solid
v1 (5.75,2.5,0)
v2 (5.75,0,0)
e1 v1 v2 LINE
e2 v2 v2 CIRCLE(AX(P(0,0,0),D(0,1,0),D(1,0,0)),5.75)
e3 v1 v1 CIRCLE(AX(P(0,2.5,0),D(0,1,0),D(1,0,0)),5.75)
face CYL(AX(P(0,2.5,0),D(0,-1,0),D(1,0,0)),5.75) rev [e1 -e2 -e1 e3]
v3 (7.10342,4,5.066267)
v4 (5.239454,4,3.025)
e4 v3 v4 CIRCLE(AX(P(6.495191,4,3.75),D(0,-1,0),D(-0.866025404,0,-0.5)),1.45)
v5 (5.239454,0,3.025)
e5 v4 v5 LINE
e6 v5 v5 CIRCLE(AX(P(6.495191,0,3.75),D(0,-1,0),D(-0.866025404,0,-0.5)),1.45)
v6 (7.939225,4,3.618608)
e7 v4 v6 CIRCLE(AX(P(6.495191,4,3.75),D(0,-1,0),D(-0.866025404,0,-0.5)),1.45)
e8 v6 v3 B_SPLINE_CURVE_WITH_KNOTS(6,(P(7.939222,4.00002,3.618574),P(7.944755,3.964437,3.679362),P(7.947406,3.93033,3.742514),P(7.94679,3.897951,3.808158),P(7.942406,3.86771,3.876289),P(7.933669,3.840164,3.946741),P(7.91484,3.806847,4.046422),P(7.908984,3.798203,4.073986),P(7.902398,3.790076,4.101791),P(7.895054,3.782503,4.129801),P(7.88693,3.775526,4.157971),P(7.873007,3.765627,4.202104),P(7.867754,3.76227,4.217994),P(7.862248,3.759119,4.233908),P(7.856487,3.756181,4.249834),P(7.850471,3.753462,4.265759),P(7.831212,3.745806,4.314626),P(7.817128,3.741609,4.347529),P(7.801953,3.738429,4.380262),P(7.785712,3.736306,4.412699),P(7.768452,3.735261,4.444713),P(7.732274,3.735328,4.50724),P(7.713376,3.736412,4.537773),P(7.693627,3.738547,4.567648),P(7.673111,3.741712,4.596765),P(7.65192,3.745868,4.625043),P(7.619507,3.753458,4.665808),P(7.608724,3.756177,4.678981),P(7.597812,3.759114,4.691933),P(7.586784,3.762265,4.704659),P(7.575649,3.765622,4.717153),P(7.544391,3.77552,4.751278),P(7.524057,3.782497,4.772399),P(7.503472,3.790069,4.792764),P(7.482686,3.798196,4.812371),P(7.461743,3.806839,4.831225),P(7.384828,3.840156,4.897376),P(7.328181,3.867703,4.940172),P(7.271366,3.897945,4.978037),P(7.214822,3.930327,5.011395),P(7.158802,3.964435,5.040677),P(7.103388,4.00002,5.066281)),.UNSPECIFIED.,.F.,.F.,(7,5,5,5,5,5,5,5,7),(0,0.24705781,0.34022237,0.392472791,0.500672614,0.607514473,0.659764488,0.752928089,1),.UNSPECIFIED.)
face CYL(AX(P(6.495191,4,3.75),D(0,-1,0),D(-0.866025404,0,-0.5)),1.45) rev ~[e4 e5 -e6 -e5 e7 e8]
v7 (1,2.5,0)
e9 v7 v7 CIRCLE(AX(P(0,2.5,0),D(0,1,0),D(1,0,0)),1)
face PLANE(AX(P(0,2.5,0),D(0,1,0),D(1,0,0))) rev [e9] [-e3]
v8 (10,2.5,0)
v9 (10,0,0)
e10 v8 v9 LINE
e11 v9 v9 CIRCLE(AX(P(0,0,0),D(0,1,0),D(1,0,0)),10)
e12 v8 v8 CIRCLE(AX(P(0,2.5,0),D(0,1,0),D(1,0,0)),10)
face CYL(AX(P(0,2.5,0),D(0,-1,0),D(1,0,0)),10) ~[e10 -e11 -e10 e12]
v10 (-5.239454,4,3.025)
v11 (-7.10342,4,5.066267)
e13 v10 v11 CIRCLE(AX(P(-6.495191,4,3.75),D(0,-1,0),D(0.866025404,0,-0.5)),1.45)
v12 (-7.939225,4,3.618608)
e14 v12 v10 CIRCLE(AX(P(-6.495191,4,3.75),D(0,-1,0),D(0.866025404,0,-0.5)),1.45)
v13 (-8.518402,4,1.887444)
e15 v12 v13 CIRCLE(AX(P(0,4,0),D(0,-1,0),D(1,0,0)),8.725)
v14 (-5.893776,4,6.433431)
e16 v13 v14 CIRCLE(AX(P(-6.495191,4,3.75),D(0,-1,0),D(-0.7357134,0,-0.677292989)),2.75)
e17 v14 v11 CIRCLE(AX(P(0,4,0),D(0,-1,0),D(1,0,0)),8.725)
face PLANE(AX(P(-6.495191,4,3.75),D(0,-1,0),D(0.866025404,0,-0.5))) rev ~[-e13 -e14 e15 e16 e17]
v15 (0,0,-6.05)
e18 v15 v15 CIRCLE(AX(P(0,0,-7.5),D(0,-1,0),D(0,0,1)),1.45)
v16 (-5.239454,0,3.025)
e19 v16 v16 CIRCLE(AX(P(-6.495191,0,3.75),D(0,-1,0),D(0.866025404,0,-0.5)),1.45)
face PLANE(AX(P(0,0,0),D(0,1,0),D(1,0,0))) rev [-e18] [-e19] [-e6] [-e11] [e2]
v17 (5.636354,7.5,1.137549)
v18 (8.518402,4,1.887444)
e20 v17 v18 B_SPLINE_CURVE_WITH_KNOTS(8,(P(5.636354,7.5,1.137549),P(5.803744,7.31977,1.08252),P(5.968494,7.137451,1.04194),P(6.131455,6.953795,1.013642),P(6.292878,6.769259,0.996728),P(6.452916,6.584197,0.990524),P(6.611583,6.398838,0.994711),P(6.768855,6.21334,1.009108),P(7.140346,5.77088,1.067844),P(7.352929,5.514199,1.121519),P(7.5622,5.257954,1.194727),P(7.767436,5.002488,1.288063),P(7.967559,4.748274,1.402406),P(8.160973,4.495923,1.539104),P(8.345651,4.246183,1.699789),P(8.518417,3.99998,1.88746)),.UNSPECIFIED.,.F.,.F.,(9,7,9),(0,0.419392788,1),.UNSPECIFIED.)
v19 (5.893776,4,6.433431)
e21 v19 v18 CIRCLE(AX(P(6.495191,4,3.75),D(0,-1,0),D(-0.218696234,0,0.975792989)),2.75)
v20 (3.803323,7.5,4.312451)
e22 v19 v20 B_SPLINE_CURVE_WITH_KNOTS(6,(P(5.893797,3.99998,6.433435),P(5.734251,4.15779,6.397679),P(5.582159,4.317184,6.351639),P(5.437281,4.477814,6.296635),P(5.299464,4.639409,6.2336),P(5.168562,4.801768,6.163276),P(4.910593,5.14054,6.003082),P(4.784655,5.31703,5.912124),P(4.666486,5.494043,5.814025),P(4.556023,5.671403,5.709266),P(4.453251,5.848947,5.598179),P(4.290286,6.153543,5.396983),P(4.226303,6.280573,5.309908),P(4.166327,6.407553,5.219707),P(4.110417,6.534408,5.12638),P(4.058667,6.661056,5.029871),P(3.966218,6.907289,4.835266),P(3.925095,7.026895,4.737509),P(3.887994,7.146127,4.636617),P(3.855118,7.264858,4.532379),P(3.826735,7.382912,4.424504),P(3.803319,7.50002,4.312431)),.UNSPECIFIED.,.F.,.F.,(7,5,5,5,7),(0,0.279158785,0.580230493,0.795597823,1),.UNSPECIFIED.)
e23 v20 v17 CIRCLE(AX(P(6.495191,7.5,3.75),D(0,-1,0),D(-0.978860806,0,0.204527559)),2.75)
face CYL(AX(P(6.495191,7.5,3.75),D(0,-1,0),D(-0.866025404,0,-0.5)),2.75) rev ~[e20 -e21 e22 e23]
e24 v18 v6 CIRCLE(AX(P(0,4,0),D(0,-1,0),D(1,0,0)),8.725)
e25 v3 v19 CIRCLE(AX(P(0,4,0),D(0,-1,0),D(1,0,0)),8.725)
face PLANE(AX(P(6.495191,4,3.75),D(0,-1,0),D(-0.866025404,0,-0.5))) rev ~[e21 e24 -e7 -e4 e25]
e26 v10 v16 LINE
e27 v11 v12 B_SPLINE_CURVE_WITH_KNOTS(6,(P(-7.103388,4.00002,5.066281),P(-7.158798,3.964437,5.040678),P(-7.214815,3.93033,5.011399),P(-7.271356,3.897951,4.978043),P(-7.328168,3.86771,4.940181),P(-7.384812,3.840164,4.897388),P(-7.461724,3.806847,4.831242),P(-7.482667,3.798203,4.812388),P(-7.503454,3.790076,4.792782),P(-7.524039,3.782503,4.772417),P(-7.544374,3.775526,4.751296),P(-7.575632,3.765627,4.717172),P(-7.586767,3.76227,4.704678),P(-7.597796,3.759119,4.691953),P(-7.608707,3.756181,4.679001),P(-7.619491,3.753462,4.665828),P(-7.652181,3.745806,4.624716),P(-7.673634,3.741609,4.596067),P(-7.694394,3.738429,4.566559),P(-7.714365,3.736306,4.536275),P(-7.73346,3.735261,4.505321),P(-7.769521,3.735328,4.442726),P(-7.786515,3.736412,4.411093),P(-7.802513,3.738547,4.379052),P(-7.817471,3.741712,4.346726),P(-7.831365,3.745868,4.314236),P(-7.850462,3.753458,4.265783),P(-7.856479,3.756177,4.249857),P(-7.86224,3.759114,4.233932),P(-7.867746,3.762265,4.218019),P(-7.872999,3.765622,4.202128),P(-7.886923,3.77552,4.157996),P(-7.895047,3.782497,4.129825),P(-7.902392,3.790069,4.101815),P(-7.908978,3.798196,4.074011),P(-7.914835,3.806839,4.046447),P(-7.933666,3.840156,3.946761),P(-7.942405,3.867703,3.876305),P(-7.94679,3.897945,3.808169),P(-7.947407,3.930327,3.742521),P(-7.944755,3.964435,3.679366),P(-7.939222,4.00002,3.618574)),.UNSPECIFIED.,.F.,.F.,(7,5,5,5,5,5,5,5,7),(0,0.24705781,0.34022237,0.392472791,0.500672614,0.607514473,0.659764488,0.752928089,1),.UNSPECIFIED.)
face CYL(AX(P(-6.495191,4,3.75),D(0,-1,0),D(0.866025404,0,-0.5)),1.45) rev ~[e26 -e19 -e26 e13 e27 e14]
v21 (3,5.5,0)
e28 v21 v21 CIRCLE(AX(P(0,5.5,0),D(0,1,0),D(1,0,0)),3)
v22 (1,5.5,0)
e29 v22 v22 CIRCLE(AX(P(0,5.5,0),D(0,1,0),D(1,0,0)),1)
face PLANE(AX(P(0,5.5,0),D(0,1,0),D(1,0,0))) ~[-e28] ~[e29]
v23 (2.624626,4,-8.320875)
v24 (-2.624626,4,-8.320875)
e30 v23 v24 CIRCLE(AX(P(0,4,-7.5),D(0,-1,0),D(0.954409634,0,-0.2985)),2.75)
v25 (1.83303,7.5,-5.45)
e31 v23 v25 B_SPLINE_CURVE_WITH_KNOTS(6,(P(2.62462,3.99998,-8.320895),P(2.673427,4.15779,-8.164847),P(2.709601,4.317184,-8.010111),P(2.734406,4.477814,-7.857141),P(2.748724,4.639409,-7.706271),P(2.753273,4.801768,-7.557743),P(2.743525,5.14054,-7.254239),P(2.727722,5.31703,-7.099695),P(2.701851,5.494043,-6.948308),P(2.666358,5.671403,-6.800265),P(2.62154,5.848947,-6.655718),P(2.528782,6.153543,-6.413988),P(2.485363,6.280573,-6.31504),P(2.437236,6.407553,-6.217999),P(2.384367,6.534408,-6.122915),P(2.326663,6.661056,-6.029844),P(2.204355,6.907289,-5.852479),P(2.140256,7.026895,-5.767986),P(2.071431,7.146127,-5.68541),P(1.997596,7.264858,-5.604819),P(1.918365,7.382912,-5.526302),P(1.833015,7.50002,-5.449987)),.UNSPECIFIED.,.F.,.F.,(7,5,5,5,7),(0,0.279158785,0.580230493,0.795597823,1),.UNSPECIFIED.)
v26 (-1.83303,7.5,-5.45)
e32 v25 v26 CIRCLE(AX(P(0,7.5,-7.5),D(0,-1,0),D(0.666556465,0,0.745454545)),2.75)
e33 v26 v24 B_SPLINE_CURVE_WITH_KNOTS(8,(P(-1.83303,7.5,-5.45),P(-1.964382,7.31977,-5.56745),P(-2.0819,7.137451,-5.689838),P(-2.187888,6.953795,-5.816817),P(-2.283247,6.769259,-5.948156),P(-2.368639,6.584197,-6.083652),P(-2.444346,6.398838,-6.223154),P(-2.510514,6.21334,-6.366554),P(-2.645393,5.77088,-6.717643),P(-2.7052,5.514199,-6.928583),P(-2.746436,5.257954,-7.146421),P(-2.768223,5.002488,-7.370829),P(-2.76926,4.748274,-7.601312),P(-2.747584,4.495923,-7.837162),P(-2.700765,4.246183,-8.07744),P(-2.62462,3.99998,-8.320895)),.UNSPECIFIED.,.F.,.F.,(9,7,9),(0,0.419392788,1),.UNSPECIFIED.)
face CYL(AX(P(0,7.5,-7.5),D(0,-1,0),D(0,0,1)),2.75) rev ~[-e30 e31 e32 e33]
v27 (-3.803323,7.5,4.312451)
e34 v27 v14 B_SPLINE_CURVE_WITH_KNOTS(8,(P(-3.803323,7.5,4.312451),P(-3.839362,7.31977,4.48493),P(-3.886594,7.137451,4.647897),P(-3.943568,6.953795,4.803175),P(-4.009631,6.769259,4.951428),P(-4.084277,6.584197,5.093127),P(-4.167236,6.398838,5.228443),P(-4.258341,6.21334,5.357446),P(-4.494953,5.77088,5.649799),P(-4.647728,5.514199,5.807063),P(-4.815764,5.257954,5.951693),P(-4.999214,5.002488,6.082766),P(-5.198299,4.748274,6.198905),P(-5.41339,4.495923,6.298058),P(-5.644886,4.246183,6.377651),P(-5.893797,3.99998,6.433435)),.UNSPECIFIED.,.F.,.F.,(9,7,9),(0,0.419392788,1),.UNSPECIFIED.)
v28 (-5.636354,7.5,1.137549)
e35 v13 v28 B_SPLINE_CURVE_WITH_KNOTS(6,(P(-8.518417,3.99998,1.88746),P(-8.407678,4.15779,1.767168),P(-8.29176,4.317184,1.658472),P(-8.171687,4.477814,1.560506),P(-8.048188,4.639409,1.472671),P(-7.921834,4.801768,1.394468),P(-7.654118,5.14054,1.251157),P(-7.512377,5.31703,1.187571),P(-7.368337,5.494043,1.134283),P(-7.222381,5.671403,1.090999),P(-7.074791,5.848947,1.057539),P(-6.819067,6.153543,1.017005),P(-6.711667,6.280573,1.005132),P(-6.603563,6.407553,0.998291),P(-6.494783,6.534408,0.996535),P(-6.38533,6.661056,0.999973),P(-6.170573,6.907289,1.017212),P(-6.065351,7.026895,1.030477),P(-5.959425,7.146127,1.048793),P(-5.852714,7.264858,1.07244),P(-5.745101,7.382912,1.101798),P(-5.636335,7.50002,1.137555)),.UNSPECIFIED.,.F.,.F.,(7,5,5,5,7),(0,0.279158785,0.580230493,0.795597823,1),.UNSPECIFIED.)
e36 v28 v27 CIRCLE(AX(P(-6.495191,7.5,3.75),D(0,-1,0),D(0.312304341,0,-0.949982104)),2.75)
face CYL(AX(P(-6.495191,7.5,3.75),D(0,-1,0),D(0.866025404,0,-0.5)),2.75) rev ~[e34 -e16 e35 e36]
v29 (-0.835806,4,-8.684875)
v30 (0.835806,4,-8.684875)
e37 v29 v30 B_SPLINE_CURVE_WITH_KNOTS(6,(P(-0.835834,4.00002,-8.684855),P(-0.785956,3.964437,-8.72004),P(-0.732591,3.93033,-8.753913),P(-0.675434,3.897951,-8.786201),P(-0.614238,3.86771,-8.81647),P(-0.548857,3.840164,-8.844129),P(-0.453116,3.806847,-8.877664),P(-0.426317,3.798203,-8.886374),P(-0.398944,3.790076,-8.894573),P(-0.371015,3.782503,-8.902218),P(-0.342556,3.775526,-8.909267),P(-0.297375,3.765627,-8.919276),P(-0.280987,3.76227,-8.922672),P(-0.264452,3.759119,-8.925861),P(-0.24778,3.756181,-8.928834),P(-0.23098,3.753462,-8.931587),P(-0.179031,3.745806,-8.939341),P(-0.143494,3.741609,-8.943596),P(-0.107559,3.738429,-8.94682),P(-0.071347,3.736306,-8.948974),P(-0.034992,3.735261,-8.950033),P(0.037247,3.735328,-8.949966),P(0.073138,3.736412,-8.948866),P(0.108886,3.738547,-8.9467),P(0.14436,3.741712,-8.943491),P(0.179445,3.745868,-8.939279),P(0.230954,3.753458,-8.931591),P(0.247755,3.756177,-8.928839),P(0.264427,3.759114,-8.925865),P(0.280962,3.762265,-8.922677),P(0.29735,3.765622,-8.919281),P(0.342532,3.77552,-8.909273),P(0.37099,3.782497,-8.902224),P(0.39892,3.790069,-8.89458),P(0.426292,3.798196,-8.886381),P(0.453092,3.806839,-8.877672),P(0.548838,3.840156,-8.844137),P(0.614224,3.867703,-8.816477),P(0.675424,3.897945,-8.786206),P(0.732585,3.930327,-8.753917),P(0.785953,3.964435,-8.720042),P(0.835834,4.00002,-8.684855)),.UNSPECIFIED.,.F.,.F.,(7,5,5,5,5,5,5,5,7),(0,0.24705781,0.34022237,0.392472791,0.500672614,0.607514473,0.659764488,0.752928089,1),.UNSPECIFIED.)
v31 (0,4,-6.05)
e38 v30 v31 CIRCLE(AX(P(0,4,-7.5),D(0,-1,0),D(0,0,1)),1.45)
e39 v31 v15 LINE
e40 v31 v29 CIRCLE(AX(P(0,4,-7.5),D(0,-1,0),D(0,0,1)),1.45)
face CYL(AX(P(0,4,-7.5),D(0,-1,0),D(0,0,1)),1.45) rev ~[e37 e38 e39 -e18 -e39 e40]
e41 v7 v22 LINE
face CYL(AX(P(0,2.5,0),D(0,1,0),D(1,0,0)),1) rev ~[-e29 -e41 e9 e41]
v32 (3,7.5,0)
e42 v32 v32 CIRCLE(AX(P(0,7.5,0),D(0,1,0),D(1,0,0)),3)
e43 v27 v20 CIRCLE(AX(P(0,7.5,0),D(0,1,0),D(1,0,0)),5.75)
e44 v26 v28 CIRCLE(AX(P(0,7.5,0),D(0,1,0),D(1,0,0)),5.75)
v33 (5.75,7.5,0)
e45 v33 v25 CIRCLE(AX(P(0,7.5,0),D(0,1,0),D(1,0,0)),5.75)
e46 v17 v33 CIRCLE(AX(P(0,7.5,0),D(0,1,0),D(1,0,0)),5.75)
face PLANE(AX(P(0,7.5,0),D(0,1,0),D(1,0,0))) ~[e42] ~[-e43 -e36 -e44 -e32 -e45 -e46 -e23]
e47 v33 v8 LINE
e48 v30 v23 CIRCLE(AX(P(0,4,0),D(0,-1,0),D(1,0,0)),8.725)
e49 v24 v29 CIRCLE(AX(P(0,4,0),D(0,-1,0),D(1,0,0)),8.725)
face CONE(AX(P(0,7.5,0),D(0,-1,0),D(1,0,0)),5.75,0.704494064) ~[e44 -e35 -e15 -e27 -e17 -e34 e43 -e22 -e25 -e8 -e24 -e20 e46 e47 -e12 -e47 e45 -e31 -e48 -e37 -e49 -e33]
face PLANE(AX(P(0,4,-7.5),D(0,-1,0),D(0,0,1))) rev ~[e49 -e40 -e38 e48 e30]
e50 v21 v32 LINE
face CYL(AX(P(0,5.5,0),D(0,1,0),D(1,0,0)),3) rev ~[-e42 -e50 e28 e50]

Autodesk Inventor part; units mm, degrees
ref_plane "YZ Plane" through (0, 0, 0) normal (1, 0, 0) x (0, 1, 0)
ref_plane "XZ Plane" through (0, 0, 0) normal (0, 1, 0) x (-1, 0, 0)
ref_plane "XY Plane" through (0, 0, 0) normal (0, 0, 1) x (1, 0, 0)
sketch "Sketch2" plane through (0, 0, 0) normal (0, 0, 1) x (1, 0, 0)
  line L0 (1, 2.5) -> (1, 5.5)
  line L1 (1, 5.5) -> (3, 5.5)
  line L2 (3, 5.5) -> (3, 7.5)
  line L3 (3, 7.5) -> (5.75, 7.5)
  line L4 (5.75, 7.5) -> (10, 2.5)
  line L5 (10, 2.5) -> (10, 0)
  line L6 (1, 2.5) -> (5.75, 2.5)
  line L7 (5.75, 2.5) -> (5.75, 0)
  line L8 (5.75, 0) -> (10, 0)
  line L9 (0, 0) -> (0, 19.425)
  dimension "d0" = 6
  dimension "d1" = 2
  dimension "d2" = 11.5
  dimension "d3" = 20
  dimension "d4" = 2.5
  dimension "d5" = 3
  dimension "d6" = 2
revolve "Revolution1" add sketch "Sketch2" angle 360 about axis through (0, 0, 0) along (0, 1, 0)
sketch "Sketch3" plane through (0, 7.5, 0) normal (0, 1, 0) x (1, 0, 0)
  point P0 (0, 0)
  point P1 (0, 7.5)
  dimension "d8" = 7.5
hole "Hole1" at (0, 7.5, -7.5) direction (0, -1, 0) diameter 2.9 end through all counterbore diameter 5.5 counterbore depth 3.5 clearance for "Socket Head Cap Screw DIN EN ISO 4762" size "M2.5" standard "DIN"
pattern_circular "Circular Pattern1" count 3 over 360 about axis through (0, -10, 0) along (0, 1, 0) of "Hole1"
properties part number "902-4250 magnet hold"
